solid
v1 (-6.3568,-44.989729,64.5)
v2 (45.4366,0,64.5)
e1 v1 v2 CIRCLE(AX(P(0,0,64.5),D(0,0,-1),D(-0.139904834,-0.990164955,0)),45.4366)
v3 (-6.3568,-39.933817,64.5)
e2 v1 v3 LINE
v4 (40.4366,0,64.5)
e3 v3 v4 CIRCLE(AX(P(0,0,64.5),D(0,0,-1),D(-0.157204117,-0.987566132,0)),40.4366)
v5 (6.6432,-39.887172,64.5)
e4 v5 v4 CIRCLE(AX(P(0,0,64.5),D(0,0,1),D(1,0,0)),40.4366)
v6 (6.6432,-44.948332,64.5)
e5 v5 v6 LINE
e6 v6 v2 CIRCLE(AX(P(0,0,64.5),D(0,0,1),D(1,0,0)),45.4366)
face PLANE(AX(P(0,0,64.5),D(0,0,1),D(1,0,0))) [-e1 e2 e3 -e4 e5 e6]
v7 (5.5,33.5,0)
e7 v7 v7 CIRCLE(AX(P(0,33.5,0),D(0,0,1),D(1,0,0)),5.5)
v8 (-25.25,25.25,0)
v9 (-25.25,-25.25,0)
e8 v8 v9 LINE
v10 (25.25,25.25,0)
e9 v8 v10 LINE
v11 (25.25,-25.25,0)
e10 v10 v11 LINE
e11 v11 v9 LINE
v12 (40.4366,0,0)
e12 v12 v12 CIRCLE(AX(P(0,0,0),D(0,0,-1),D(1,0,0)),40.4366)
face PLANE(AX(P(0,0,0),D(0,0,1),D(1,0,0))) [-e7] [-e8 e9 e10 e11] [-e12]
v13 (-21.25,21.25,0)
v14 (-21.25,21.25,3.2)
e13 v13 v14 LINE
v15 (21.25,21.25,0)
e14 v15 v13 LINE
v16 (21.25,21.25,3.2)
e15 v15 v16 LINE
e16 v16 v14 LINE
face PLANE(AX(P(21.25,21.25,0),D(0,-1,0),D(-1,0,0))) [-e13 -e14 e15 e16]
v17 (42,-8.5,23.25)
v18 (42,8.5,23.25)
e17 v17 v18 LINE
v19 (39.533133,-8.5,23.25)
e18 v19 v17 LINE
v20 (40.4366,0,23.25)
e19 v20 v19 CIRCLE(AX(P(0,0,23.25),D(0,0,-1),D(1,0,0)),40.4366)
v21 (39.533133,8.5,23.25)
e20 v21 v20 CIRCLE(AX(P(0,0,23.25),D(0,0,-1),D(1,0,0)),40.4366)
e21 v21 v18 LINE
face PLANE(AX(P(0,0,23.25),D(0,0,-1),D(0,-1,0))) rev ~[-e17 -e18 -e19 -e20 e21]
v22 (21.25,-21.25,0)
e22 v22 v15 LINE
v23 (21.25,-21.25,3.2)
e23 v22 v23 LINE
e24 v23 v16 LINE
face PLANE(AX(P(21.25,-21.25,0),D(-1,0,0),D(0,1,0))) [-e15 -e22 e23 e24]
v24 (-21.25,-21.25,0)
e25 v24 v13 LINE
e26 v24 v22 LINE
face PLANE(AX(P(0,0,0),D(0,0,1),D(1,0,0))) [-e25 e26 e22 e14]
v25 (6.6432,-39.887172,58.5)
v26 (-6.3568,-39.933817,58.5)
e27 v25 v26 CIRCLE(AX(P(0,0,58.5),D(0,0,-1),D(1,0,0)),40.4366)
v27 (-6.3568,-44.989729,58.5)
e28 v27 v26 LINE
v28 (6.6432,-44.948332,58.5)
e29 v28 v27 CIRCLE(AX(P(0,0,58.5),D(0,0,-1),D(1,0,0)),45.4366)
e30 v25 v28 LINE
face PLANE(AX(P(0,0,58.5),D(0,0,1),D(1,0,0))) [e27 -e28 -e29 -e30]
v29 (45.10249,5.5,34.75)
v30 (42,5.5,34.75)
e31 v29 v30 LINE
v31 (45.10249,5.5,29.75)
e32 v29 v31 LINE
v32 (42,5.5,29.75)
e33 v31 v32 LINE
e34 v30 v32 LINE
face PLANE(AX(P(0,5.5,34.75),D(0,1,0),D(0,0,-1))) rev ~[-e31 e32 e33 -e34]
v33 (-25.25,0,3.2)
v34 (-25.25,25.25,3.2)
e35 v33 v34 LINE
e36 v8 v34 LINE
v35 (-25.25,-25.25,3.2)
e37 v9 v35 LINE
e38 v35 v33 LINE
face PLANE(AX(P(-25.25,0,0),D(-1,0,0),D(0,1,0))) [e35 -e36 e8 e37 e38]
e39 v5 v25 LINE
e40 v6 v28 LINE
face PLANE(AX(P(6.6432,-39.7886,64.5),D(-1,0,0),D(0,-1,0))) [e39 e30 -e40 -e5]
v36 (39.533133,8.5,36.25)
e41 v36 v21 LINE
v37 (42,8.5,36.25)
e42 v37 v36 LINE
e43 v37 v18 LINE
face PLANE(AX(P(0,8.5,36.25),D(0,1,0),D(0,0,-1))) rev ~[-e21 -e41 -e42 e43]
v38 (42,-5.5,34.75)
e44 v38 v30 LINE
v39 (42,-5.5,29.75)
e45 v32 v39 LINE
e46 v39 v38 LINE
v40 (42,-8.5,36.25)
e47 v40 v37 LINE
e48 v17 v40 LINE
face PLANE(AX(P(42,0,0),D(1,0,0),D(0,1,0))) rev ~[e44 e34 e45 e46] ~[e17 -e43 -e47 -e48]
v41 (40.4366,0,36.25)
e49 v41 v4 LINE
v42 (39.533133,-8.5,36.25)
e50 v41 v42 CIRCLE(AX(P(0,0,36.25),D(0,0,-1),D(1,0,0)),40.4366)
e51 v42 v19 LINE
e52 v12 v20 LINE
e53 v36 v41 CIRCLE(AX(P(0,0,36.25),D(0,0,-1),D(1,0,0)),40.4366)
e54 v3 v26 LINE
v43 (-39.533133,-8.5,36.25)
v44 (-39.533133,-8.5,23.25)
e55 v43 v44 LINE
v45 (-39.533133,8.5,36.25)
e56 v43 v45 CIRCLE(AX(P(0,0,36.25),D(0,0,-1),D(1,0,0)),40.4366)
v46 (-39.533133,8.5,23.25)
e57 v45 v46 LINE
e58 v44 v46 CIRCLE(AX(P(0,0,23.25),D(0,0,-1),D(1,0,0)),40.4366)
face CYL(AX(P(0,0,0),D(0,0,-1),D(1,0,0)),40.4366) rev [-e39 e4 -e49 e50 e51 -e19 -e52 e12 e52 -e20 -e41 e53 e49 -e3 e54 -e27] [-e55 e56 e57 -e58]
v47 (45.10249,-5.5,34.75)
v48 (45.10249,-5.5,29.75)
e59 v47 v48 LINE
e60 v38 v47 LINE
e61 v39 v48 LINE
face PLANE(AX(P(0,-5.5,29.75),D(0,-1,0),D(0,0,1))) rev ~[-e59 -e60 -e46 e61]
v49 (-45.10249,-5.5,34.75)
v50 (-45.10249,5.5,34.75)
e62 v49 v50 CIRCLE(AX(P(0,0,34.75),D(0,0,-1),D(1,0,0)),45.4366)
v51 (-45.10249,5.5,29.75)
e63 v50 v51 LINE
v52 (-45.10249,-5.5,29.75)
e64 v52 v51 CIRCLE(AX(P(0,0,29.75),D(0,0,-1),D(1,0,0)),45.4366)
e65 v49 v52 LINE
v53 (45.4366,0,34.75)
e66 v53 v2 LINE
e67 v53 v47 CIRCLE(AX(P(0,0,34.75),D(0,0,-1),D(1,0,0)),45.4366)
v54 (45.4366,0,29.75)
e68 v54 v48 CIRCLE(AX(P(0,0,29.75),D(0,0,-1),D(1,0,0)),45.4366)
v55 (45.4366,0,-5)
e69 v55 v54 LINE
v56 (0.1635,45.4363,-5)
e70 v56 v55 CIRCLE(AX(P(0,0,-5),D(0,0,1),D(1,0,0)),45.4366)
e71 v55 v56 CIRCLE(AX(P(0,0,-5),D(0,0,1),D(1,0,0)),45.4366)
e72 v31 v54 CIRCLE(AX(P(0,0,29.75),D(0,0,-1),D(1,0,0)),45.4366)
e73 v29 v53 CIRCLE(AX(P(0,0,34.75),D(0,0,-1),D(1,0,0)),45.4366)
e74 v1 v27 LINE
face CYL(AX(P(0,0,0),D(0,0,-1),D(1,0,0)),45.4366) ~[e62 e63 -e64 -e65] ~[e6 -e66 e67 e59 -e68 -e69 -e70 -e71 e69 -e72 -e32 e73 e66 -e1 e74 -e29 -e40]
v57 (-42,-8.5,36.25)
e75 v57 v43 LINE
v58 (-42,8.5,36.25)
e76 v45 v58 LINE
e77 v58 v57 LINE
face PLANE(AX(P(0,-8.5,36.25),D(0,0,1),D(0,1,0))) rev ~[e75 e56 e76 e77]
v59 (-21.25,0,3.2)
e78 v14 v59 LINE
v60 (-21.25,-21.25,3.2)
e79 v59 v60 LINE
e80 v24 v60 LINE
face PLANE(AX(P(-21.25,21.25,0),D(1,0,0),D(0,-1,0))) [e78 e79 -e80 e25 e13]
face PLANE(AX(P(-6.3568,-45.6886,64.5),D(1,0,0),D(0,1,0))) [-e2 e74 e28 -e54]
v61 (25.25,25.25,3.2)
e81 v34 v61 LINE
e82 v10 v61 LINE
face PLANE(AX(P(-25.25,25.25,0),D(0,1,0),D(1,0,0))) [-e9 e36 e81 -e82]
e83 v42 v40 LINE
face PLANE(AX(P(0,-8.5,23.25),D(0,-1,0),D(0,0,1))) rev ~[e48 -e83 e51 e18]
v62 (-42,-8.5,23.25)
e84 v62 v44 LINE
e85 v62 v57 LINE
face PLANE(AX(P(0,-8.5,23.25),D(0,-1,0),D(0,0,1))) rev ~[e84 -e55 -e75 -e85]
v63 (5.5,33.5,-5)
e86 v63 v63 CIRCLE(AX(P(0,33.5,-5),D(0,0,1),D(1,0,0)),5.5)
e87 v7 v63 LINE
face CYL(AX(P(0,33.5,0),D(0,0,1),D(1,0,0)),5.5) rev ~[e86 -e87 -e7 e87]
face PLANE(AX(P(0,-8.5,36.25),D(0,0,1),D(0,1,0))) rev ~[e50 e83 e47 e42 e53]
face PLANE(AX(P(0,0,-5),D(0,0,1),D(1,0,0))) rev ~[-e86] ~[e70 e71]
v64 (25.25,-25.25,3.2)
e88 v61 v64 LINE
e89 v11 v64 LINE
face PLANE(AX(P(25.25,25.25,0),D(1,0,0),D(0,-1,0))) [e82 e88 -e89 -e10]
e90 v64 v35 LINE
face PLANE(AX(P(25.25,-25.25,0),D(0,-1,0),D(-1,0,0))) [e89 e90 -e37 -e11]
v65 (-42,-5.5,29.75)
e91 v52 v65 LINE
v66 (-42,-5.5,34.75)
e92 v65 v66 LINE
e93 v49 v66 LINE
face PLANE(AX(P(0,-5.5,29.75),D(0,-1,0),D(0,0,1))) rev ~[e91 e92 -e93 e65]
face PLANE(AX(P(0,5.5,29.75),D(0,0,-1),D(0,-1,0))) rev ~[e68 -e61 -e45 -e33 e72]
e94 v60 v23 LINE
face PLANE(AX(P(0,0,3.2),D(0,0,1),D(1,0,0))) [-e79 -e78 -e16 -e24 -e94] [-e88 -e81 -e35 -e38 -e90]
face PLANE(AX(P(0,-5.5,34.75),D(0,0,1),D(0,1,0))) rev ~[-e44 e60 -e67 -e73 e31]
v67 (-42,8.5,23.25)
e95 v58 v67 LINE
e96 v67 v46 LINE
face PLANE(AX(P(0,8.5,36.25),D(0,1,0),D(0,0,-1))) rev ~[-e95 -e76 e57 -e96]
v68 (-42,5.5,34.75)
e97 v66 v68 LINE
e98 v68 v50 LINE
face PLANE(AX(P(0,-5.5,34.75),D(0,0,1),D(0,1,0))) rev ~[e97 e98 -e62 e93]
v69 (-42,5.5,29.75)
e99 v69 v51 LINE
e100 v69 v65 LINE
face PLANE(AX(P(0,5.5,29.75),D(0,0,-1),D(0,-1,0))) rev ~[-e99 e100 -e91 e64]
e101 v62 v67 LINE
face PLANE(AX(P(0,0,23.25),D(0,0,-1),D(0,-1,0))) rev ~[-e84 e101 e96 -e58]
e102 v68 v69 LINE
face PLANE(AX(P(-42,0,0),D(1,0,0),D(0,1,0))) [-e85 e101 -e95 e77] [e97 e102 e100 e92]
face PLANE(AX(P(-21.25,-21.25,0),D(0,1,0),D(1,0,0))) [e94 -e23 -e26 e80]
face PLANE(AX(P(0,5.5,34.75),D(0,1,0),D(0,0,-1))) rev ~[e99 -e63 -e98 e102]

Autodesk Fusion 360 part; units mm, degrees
sketch "Sketch1" plane through (0, 0, 0) normal (0, 0, 1) x (1, 0, 0)
  line L0 (21.25, 21.25) -> (-21.25, 21.25)
  line L1 (-21.25, 21.25) -> (-21.25, -21.25)
  line L2 (-21.25, -21.25) -> (21.25, -21.25)
  line L3 (21.25, -21.25) -> (21.25, 21.25)
  line L4 (21.25, 21.25) -> (-21.25, -21.25) construction
  line L5 (-21.25, 21.25) -> (21.25, -21.25) construction
  line L6 (25.25, -25.25) -> (-25.25, -25.25)
  line L7 (-25.25, -25.25) -> (-25.25, 25.25)
  line L8 (-25.25, 25.25) -> (25.25, 25.25)
  line L9 (25.25, 25.25) -> (25.25, -25.25)
  line L10 (25.25, -25.25) -> (-25.25, 25.25) construction
  line L11 (-25.25, -25.25) -> (25.25, 25.25) construction
  line L12 (-21.25, 0) -> (-25.25, 0)
  dimension "d2" = 42.5
  dimension "d3" = 42.5
  dimension "d4" = 4
extrude "Extrude1" add sketch "Sketch1" along normal blind 3.2
sketch "Sketch2" plane through (0, 0, 0) normal (0, 0, 1) x (1, 0, 0)
  circle A0 centre (0, 0) radius 40.4366
  circle A1 centre (0, 0) radius 45.4366
  line L0 (0.1635, 40.4363) -> (0.1635, 45.4363)
  dimension "d7" = 5
extrude "Extrude2" add sketch "Sketch2" against normal blind 5 contours A0 | A1
sketch "Sketch3" plane through (0, 0, 0) normal (0, 0, 1) x (1, 0, 0)
sketch "Sketch4" plane through (0, 0, 0) normal (0, 0, 1) x (1, 0, 0)
  line L0 (25.25, 25.25) -> (25.25, -25.25)
  line L1 (25.25, -25.25) -> (-25.25, -25.25)
  line L2 (-25.25, -25.25) -> (-25.25, 25.25)
  line L3 (-25.25, 25.25) -> (25.25, 25.25)
  circle A0 centre (0, 0) radius 45.4366
  circle A1 centre (0, 33.5) radius 5.5
extrude "Extrude3" cut sketch "Sketch4" against normal blind 10 contours A1
sketch "Sketch5" plane through (0, 0, 0) normal (0, 0, 1) x (1, 0, 0)
extrude "Extrude4" add sketch "Sketch2" along normal blind 64.5
sketch "Sketch6" plane through (0, 0, 0) normal (0, 0, 1) x (1, 0, 0)
  point P0 (-45.4366, 0)
ref_plane "WorkPlane1" through (0, 0, 64.5) normal (0, 0, 1) x (1, 0, 0)
sketch "Sketch7" plane through (0, 0, 64.5) normal (0, 0, 1) x (1, 0, 0)
  line L0 (-6.3568, -39.7886) -> (6.6432, -39.7886)
  line L1 (6.6432, -39.7886) -> (6.6432, -45.6886)
  line L2 (6.6432, -45.6886) -> (-6.3568, -45.6886)
  line L3 (-6.3568, -45.6886) -> (-6.3568, -39.7886)
  dimension "d15" = 5.9
  dimension "d16" = 13
extrude "Extrude5" cut sketch "Sketch7" against normal blind 6
sketch "Sketch8" plane through (0, 0, 0) normal (1, 0, 0) x (0, 1, 0)
  line L0 (-45.4366, 58.5) -> (-45.4366, -5)
  line L1 (45.4366, -5) -> (45.4366, 64.5)
  line L2 (0, 64.5) -> (0, -5) construction
  line L3 (-5.5, 34.75) -> (5.5, 34.75)
  line L4 (5.5, 34.75) -> (5.5, 29.75)
  line L5 (5.5, 29.75) -> (-5.5, 29.75)
  line L6 (-5.5, 29.75) -> (-5.5, 34.75)
  line L7 (45.4366, 64.5) -> (-44.9897, 64.5)
  line L8 (-45.4366, -5) -> (45.4366, -5)
  dimension "d19" = 11
  dimension "d20" = 5
extrude "Extrude6" cut sketch "Sketch8" along normal mid plane 200
sketch "Sketch9" plane through (0, 0, 0) normal (1, 0, 0) x (0, 1, 0)
  line L0 (-8.5, 36.25) -> (8.5, 36.25)
  line L1 (8.5, 36.25) -> (8.5, 23.25)
  line L2 (8.5, 23.25) -> (-8.5, 23.25)
  line L3 (-8.5, 23.25) -> (-8.5, 36.25)
  line L4 (0, 64.5) -> (0, -5)
  line L5 (-45.4366, -5) -> (45.4366, -5)
  line L6 (45.4366, 64.5) -> (-44.9897, 64.5)
  line L7 (0, 36.25) -> (0, 23.25)
  dimension "d23" = 17
  dimension "d24" = 13
extrude "Extrude7" cut sketch "Sketch9" along normal mid plane 84
